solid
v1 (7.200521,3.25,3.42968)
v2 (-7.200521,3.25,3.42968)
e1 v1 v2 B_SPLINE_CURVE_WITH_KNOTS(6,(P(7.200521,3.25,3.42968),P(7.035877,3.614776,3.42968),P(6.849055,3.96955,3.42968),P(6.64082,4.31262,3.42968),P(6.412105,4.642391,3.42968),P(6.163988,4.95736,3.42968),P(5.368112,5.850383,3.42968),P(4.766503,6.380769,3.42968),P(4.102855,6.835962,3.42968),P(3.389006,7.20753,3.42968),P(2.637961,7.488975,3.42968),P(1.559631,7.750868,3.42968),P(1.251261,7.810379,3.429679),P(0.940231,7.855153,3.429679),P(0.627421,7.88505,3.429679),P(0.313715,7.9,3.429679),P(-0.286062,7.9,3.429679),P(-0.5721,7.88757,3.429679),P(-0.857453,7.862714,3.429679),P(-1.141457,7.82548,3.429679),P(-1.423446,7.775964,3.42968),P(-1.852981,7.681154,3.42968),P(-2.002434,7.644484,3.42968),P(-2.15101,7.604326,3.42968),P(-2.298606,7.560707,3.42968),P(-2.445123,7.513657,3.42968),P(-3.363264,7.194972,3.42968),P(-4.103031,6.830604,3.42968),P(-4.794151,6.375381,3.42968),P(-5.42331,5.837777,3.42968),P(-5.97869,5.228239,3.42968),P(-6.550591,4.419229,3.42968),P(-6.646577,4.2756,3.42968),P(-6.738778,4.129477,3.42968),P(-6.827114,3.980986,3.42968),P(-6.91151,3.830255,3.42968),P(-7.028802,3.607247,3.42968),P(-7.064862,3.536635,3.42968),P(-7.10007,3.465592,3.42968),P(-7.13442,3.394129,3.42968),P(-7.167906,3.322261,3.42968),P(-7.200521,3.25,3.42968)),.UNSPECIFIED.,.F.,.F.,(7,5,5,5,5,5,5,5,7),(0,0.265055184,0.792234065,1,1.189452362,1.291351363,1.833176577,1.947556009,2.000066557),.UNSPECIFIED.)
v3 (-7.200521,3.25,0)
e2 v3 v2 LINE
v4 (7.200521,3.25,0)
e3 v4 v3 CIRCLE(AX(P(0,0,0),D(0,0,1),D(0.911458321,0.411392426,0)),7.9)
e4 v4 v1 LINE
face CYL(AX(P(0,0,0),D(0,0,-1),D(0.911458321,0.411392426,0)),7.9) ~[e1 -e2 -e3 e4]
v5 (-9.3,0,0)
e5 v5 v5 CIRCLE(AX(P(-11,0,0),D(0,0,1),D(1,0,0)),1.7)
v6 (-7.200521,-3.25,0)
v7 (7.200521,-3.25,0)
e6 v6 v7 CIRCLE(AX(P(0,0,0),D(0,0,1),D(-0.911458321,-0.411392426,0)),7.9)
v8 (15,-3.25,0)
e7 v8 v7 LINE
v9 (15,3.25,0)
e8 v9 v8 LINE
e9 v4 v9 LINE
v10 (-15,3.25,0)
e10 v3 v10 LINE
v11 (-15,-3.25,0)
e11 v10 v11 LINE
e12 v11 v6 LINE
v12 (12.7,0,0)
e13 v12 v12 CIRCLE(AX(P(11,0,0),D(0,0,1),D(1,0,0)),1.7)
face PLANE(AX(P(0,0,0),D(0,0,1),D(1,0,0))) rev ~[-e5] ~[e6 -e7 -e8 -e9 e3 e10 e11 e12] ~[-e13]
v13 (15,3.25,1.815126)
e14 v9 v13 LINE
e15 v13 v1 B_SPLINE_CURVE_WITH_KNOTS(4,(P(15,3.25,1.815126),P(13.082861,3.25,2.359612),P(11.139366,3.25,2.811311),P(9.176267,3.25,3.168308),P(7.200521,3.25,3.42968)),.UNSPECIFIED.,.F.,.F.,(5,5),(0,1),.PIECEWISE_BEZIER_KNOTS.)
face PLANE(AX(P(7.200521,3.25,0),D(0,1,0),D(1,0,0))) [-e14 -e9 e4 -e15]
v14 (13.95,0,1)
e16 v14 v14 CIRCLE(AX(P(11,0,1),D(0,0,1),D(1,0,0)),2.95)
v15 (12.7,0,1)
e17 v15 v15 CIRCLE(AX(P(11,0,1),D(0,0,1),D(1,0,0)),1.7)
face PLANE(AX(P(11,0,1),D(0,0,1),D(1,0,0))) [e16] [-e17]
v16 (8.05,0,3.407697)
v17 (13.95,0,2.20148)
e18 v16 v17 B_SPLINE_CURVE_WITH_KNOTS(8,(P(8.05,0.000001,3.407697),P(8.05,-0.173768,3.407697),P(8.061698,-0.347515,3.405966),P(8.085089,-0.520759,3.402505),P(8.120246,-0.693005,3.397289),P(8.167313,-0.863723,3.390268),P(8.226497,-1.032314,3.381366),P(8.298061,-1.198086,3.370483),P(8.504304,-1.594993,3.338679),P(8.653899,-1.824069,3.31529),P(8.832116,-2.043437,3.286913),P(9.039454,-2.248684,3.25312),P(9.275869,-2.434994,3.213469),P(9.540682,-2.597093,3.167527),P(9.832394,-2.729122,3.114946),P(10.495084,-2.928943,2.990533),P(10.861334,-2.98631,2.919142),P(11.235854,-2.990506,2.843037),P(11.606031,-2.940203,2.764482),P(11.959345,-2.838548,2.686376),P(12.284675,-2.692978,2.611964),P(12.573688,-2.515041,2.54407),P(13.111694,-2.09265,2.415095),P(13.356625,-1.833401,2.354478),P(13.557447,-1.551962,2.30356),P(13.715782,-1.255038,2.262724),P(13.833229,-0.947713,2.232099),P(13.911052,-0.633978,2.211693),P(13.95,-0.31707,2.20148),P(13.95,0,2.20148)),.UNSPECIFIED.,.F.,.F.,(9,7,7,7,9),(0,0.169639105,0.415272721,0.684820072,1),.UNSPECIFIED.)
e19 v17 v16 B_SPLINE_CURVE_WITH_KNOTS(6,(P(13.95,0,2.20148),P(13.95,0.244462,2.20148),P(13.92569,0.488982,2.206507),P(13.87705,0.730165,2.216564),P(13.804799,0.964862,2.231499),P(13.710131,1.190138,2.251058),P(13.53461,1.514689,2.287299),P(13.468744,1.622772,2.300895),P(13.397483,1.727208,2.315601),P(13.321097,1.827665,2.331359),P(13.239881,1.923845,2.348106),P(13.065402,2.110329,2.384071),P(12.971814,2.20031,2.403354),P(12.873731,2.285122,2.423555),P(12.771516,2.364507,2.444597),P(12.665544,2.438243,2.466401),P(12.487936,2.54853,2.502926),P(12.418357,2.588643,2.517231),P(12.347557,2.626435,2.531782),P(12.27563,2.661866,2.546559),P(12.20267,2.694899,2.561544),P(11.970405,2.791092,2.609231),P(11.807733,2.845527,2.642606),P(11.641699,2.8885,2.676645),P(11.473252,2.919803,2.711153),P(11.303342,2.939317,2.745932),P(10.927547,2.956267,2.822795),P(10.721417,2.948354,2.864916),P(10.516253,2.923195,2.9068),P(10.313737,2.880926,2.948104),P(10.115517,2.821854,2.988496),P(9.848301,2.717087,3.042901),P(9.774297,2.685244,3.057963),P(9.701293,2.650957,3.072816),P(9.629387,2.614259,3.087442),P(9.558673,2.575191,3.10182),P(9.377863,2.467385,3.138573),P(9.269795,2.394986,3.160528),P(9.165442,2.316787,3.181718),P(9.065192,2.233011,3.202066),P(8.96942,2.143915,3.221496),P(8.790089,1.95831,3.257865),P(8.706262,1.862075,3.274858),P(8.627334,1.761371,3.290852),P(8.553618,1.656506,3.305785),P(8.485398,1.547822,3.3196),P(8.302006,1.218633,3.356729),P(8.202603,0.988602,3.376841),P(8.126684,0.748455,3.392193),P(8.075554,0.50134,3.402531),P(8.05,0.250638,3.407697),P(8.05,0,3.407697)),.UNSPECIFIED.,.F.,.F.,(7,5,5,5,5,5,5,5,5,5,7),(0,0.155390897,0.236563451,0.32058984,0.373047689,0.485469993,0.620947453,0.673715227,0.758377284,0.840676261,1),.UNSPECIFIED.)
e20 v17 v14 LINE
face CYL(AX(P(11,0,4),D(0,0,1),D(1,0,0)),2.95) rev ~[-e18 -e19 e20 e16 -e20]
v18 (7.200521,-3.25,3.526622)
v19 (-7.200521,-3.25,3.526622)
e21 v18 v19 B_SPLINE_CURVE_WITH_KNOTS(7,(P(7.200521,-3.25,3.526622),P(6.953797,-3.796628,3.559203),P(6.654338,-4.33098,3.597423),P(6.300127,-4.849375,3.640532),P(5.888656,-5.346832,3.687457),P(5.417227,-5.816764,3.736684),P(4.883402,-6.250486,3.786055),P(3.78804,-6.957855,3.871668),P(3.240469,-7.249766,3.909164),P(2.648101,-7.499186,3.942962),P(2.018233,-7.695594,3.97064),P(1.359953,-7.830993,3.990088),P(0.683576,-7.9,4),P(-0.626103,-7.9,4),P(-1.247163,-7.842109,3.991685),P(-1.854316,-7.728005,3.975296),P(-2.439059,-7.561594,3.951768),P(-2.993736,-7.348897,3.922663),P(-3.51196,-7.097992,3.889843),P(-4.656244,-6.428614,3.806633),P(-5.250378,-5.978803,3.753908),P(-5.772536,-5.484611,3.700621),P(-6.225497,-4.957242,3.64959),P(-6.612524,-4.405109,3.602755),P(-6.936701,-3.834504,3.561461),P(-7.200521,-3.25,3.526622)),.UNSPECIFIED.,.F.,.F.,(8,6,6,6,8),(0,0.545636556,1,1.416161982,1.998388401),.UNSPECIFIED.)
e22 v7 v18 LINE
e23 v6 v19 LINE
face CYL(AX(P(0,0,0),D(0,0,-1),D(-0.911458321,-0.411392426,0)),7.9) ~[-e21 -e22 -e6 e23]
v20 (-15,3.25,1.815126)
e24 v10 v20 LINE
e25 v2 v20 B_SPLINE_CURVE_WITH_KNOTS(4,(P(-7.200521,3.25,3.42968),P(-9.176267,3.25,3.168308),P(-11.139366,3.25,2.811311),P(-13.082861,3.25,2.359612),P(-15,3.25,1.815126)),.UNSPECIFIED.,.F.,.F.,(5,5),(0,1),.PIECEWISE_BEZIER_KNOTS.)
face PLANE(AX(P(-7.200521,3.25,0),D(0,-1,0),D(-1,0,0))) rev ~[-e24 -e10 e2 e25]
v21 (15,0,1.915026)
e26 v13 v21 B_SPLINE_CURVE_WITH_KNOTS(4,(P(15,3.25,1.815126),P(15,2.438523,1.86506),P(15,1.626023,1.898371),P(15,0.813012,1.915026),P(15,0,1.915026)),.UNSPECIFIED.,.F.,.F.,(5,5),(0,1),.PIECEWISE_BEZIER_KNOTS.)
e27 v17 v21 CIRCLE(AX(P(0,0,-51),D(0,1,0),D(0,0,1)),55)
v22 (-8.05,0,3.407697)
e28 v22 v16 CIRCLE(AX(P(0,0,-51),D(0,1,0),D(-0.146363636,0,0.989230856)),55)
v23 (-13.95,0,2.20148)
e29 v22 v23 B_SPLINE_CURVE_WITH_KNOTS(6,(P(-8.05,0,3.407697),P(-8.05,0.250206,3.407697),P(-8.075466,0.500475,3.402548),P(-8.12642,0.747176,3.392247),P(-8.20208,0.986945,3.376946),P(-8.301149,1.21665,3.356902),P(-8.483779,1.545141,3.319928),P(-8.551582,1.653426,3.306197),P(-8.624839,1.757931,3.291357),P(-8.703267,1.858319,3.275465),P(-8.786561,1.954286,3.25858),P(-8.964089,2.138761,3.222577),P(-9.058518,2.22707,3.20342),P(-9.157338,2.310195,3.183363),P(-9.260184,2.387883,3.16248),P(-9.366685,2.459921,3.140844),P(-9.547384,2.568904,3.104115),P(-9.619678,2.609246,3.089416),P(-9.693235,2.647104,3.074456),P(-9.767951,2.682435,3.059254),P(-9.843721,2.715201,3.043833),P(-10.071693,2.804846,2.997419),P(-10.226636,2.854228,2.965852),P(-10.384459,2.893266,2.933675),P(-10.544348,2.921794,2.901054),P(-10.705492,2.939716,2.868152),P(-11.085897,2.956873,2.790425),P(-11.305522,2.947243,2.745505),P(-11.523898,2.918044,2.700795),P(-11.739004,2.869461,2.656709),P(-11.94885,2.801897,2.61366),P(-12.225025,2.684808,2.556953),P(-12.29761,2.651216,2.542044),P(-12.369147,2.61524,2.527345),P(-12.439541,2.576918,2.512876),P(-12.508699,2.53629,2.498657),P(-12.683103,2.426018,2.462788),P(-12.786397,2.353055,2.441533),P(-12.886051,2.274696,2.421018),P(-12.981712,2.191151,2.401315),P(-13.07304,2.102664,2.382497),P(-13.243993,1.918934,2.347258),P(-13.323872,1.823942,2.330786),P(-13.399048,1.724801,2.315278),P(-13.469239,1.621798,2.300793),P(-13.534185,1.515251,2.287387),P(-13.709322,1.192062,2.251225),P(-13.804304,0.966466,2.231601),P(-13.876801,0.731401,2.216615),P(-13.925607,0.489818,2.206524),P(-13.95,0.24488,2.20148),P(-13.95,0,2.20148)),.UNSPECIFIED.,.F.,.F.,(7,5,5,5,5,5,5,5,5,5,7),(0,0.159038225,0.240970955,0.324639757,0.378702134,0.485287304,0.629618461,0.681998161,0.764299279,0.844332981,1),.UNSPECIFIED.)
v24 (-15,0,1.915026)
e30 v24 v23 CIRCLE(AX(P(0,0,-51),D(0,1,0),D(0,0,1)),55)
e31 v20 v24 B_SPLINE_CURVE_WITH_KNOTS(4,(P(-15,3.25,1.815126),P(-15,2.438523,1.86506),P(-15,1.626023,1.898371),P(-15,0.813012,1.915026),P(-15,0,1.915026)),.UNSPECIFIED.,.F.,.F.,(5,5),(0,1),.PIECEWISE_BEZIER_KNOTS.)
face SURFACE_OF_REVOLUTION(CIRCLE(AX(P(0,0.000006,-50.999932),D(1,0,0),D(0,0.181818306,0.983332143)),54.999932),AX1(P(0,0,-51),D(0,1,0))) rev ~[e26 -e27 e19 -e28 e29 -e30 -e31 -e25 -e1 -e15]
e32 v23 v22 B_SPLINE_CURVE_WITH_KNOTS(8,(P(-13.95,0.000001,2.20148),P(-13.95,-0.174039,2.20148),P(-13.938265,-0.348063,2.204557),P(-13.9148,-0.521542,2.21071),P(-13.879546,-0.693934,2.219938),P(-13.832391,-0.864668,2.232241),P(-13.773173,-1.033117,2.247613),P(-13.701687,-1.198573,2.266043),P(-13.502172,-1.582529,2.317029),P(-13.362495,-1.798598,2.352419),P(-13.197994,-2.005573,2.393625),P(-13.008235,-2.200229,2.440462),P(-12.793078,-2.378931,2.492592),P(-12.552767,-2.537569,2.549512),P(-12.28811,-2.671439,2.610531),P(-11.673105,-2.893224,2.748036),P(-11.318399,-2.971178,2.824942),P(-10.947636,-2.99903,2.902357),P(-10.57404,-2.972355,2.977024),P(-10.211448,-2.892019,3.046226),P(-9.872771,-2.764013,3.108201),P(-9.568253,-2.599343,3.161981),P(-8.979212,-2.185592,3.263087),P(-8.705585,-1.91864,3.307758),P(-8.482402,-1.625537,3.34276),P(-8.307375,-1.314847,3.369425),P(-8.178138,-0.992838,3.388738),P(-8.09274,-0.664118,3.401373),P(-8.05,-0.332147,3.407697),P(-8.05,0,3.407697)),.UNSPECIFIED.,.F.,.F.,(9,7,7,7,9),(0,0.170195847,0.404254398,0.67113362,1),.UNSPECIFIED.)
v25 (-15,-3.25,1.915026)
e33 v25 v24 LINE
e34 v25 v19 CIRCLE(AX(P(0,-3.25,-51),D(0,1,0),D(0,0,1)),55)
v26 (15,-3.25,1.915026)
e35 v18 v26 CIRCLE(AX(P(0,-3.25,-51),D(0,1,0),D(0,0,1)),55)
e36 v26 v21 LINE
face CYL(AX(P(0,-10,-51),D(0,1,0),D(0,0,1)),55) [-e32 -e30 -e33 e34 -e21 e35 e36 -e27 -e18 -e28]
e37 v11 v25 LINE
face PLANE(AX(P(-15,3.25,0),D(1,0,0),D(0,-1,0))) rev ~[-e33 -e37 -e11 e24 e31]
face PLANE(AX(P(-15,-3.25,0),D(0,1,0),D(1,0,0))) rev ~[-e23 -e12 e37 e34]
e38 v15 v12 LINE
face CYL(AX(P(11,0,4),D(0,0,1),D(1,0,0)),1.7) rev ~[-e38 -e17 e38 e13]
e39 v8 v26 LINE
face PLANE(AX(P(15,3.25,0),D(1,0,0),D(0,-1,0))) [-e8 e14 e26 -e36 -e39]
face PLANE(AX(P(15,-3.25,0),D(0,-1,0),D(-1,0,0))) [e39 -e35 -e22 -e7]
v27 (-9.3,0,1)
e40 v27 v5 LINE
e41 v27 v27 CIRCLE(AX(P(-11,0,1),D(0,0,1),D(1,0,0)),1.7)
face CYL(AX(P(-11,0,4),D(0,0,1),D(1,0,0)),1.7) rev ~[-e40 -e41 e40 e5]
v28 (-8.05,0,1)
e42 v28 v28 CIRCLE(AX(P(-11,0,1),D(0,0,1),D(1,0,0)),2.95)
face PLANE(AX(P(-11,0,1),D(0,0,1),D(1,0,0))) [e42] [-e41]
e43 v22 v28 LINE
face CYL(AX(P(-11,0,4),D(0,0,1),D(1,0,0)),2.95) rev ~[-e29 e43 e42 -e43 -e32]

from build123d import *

# Parameters (mm, degrees)
PAD_DEPTH       = 4
SKETCH001_R     = 1.7
POCKET_DEPTH    = 4.001
SKETCH002_R     = 2.95
POCKET001_DEPTH = 3


with BuildPart() as part:
    # Sketch → Pad (new body)
    with BuildSketch(Plane.XY):
        with BuildLine():
            Line((-7.200521, 3.25), (-15, 3.25))
            Line((-15, 3.25), (-15, -3.25))
            Line((-15, -3.25), (-7.200521, -3.25))
            ThreePointArc((-7.200521, -3.25), (0, -7.9), (7.200521, -3.25))
            Line((15, -3.25), (7.200521, -3.25))
            Line((15, 3.25), (15, -3.25))
            Line((7.200521, 3.25), (15, 3.25))
            ThreePointArc((7.200521, 3.25), (0, 7.9), (-7.200521, 3.25))
        make_face()
    extrude(amount=PAD_DEPTH)

    # Sketch001 (on Face10 of Pad) → Pocket (cut, through all)
    with BuildSketch(Plane.XY.offset(4)):
        with Locations((11, 0)):
            Circle(SKETCH001_R)
        with Locations((-11, 0)):
            Circle(SKETCH001_R)
    extrude(amount=-POCKET_DEPTH, mode=Mode.SUBTRACT)

    # Sketch002 (on Face5 of Pocket) → Pocket001 (cut)
    with BuildSketch(Plane.XY.offset(4)):
        with Locations((-11, 0)):
            Circle(SKETCH002_R)
        with Locations((11, 0)):
            Circle(SKETCH002_R)
    extrude(amount=-POCKET001_DEPTH, mode=Mode.SUBTRACT)

    # Sketch003 → Groove (revolve, cut)
    with BuildSketch(Plane.YZ):
        with BuildLine():
            ThreePointArc((10, 3.083269), (5.020966, 3.770338), (0, 4))
            Line((-10, 4), (0, 4))
            Line((-10, 7), (-10, 4))
            Line((10, 7), (-10, 7))
            Line((10, 7), (10, 3.083269))
        make_face()
    revolve(axis=Axis((0, 0, -51), (0, 1, 0)), mode=Mode.SUBTRACT)


solid = part.part
